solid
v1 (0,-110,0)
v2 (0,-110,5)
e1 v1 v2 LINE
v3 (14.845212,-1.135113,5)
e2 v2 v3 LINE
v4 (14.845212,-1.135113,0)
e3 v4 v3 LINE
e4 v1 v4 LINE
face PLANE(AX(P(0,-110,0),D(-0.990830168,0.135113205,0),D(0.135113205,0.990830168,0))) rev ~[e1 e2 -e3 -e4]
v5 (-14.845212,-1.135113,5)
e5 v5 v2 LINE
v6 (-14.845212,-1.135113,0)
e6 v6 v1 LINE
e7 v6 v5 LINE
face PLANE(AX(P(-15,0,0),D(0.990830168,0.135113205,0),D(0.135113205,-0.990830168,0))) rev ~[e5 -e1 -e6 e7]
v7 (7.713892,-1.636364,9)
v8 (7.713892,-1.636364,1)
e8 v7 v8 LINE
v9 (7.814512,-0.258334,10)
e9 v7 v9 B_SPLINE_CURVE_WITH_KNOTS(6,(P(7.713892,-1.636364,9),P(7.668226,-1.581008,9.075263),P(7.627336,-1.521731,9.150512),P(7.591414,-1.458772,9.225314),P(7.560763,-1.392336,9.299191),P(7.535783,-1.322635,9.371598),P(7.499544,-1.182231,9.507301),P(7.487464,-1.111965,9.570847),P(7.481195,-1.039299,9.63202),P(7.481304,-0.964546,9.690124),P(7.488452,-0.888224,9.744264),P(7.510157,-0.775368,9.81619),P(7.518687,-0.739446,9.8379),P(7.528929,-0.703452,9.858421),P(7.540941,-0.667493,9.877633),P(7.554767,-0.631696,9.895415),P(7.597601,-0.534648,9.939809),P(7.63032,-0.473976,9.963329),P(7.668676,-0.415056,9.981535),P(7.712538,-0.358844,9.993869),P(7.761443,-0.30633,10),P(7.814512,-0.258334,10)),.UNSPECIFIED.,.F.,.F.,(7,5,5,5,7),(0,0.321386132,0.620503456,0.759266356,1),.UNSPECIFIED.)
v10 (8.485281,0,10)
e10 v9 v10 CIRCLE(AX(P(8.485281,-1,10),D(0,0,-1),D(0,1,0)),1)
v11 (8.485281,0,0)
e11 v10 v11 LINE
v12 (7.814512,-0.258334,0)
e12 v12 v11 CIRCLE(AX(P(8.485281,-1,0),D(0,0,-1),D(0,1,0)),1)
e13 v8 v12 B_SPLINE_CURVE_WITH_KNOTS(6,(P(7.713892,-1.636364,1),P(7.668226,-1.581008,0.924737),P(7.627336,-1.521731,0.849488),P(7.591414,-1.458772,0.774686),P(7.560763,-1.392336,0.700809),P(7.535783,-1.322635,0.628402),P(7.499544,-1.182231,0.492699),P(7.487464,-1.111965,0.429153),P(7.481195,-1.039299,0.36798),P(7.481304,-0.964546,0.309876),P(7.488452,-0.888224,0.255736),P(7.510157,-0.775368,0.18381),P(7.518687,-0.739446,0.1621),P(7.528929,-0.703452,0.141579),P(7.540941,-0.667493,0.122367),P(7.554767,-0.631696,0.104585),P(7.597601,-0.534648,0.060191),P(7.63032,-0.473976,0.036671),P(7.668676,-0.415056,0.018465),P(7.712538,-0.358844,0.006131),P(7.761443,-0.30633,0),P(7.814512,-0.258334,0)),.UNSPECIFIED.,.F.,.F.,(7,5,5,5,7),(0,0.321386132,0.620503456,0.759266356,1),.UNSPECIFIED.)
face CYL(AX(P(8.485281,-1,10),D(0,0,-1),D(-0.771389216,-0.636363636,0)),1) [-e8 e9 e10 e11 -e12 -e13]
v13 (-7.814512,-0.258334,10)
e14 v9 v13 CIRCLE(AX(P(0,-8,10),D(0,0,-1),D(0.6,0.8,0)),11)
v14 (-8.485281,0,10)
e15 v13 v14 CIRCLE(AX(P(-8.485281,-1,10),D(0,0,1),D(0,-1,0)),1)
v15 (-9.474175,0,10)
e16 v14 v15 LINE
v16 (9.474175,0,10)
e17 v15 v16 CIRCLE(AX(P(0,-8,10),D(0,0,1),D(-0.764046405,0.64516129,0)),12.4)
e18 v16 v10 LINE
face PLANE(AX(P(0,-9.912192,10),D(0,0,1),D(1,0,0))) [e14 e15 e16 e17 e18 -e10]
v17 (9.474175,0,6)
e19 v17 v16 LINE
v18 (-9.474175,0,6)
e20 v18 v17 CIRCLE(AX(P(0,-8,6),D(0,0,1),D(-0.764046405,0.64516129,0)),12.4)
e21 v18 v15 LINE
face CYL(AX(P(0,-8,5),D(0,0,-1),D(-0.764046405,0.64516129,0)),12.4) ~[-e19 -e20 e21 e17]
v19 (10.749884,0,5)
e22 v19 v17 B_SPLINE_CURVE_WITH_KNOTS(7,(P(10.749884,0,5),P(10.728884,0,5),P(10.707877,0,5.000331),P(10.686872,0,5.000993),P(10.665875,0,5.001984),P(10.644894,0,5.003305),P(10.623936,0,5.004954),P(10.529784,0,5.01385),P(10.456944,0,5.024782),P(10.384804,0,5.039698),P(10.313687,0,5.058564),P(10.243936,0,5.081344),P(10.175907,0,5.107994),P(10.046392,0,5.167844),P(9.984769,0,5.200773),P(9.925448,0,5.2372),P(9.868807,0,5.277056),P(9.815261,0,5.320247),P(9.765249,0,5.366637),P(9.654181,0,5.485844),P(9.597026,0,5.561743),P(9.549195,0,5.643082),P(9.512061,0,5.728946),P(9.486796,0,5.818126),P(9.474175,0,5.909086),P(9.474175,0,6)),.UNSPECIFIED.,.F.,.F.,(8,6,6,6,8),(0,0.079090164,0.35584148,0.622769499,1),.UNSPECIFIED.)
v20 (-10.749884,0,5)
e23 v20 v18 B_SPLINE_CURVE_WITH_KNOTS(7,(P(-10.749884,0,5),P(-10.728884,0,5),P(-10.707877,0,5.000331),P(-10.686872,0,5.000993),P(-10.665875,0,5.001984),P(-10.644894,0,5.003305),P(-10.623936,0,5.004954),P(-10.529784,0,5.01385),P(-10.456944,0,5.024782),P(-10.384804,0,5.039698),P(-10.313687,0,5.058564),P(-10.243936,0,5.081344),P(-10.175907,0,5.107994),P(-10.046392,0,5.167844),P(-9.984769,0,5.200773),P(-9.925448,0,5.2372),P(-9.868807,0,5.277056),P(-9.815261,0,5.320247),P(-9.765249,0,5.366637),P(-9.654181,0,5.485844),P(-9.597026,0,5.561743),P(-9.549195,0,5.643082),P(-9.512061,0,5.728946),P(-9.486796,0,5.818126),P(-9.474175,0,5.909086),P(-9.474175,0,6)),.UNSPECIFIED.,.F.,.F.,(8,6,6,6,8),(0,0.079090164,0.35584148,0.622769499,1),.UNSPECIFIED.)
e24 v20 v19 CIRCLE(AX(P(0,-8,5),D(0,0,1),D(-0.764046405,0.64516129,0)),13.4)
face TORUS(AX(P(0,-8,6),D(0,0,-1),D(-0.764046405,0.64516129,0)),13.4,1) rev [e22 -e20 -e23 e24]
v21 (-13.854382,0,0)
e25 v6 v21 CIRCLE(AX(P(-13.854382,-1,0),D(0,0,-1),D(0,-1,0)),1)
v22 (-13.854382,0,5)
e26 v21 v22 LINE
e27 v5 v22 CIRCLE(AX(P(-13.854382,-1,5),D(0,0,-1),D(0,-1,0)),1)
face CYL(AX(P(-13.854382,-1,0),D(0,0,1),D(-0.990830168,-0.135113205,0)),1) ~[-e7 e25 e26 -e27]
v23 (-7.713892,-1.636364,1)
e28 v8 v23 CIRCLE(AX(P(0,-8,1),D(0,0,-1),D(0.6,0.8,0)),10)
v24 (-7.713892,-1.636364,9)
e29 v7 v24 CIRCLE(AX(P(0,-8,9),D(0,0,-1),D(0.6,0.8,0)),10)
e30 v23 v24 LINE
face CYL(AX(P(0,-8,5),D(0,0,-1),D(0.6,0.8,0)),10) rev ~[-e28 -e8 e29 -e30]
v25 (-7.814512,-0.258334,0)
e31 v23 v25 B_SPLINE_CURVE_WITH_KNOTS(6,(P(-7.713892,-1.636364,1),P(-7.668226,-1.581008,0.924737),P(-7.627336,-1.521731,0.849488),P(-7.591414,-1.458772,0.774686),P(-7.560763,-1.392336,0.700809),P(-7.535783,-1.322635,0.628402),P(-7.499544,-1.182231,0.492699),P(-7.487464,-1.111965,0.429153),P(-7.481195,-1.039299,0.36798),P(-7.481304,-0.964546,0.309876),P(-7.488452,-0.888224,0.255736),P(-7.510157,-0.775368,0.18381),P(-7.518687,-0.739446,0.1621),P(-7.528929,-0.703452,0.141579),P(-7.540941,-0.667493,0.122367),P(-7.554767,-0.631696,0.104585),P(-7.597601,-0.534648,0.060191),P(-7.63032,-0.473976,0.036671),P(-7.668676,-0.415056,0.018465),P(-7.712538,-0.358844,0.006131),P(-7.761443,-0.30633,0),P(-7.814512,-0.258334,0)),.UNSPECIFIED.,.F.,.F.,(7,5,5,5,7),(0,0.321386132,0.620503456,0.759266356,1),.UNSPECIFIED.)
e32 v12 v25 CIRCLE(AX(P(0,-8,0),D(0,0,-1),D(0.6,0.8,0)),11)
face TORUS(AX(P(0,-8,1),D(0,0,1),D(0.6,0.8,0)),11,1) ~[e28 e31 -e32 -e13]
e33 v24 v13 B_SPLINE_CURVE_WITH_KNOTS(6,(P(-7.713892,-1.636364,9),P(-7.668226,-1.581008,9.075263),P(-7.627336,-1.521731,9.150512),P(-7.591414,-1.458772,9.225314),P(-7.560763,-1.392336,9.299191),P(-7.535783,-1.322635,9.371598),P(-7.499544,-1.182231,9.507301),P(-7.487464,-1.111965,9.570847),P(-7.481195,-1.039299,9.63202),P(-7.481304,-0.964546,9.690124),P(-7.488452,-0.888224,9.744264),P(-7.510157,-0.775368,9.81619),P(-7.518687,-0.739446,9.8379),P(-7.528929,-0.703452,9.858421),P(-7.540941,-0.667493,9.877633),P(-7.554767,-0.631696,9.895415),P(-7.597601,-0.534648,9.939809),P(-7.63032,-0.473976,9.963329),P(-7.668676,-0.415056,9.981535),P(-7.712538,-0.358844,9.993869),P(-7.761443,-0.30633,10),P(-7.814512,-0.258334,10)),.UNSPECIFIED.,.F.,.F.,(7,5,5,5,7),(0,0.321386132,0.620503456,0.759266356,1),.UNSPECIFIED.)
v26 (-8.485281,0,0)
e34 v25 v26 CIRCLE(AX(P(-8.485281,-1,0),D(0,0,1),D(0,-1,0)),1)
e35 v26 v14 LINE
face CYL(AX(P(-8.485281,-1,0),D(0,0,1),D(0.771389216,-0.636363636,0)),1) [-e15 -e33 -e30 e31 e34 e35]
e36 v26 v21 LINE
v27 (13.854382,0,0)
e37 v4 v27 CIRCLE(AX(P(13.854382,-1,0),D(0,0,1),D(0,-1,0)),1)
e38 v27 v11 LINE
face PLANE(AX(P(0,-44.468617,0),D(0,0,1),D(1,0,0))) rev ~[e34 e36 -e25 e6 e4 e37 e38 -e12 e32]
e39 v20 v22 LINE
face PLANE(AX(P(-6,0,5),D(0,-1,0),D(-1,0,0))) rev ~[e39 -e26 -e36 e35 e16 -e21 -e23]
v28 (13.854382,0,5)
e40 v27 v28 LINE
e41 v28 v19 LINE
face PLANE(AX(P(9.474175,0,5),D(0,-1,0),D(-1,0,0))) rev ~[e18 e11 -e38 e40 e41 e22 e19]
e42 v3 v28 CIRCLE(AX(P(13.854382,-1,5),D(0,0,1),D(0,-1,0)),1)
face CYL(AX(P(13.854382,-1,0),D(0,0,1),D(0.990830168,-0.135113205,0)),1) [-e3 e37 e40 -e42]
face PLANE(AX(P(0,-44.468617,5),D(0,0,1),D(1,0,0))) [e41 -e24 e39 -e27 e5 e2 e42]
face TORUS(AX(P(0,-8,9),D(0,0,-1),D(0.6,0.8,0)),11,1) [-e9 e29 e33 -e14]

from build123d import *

# Parameters (mm, degrees)
F1_DEPTH = 5
F3_DEPTH = 5
F4_R     = 1


with BuildPart() as f1:
    # F0 (on Top) → F1 (new body)
    with BuildSketch(Plane.XY):
        with BuildLine():
            Line((-15, 0), (0, -110))
            Line((0, -110), (15, 0))
            Line((15, 0), (6, 0))
            ThreePointArc((6, 0), (8.94427191, -3.527864045), (10, -8))
            ThreePointArc((10, -8), (-4.472135955, -16.94427191), (-6, 0))
            Line((-6, 0), (-15, 0))
        make_face()
    extrude(amount=F1_DEPTH)

    # F2 (on face) → F3 (join)
    with BuildSketch(Plane.XY.offset(5)):
        with BuildLine():
            ThreePointArc((6, 0), (0, -18), (-6, 0))
            Line((-6, 0), (-9.4741754259, 0))
            ThreePointArc((-9.4741754259, 0), (0, -20.4), (9.4741754259, 0))
            Line((9.4741754259, 0), (6, 0))
        make_face()
    extrude(amount=F3_DEPTH)

    # F4
    f4_edges = [f1.edges().sort_by_distance(p)[0] for p in [
        (-6, 0, 5),
        (6, 0, 5),
        (0, -18, 10),
        (0, -18, 0),
        (0, -20.4, 5),
        (-15, 0, 2.5),
        (15, 0, 2.5),
    ]]
    fillet(f4_edges, radius=F4_R)


solid = f1.part
